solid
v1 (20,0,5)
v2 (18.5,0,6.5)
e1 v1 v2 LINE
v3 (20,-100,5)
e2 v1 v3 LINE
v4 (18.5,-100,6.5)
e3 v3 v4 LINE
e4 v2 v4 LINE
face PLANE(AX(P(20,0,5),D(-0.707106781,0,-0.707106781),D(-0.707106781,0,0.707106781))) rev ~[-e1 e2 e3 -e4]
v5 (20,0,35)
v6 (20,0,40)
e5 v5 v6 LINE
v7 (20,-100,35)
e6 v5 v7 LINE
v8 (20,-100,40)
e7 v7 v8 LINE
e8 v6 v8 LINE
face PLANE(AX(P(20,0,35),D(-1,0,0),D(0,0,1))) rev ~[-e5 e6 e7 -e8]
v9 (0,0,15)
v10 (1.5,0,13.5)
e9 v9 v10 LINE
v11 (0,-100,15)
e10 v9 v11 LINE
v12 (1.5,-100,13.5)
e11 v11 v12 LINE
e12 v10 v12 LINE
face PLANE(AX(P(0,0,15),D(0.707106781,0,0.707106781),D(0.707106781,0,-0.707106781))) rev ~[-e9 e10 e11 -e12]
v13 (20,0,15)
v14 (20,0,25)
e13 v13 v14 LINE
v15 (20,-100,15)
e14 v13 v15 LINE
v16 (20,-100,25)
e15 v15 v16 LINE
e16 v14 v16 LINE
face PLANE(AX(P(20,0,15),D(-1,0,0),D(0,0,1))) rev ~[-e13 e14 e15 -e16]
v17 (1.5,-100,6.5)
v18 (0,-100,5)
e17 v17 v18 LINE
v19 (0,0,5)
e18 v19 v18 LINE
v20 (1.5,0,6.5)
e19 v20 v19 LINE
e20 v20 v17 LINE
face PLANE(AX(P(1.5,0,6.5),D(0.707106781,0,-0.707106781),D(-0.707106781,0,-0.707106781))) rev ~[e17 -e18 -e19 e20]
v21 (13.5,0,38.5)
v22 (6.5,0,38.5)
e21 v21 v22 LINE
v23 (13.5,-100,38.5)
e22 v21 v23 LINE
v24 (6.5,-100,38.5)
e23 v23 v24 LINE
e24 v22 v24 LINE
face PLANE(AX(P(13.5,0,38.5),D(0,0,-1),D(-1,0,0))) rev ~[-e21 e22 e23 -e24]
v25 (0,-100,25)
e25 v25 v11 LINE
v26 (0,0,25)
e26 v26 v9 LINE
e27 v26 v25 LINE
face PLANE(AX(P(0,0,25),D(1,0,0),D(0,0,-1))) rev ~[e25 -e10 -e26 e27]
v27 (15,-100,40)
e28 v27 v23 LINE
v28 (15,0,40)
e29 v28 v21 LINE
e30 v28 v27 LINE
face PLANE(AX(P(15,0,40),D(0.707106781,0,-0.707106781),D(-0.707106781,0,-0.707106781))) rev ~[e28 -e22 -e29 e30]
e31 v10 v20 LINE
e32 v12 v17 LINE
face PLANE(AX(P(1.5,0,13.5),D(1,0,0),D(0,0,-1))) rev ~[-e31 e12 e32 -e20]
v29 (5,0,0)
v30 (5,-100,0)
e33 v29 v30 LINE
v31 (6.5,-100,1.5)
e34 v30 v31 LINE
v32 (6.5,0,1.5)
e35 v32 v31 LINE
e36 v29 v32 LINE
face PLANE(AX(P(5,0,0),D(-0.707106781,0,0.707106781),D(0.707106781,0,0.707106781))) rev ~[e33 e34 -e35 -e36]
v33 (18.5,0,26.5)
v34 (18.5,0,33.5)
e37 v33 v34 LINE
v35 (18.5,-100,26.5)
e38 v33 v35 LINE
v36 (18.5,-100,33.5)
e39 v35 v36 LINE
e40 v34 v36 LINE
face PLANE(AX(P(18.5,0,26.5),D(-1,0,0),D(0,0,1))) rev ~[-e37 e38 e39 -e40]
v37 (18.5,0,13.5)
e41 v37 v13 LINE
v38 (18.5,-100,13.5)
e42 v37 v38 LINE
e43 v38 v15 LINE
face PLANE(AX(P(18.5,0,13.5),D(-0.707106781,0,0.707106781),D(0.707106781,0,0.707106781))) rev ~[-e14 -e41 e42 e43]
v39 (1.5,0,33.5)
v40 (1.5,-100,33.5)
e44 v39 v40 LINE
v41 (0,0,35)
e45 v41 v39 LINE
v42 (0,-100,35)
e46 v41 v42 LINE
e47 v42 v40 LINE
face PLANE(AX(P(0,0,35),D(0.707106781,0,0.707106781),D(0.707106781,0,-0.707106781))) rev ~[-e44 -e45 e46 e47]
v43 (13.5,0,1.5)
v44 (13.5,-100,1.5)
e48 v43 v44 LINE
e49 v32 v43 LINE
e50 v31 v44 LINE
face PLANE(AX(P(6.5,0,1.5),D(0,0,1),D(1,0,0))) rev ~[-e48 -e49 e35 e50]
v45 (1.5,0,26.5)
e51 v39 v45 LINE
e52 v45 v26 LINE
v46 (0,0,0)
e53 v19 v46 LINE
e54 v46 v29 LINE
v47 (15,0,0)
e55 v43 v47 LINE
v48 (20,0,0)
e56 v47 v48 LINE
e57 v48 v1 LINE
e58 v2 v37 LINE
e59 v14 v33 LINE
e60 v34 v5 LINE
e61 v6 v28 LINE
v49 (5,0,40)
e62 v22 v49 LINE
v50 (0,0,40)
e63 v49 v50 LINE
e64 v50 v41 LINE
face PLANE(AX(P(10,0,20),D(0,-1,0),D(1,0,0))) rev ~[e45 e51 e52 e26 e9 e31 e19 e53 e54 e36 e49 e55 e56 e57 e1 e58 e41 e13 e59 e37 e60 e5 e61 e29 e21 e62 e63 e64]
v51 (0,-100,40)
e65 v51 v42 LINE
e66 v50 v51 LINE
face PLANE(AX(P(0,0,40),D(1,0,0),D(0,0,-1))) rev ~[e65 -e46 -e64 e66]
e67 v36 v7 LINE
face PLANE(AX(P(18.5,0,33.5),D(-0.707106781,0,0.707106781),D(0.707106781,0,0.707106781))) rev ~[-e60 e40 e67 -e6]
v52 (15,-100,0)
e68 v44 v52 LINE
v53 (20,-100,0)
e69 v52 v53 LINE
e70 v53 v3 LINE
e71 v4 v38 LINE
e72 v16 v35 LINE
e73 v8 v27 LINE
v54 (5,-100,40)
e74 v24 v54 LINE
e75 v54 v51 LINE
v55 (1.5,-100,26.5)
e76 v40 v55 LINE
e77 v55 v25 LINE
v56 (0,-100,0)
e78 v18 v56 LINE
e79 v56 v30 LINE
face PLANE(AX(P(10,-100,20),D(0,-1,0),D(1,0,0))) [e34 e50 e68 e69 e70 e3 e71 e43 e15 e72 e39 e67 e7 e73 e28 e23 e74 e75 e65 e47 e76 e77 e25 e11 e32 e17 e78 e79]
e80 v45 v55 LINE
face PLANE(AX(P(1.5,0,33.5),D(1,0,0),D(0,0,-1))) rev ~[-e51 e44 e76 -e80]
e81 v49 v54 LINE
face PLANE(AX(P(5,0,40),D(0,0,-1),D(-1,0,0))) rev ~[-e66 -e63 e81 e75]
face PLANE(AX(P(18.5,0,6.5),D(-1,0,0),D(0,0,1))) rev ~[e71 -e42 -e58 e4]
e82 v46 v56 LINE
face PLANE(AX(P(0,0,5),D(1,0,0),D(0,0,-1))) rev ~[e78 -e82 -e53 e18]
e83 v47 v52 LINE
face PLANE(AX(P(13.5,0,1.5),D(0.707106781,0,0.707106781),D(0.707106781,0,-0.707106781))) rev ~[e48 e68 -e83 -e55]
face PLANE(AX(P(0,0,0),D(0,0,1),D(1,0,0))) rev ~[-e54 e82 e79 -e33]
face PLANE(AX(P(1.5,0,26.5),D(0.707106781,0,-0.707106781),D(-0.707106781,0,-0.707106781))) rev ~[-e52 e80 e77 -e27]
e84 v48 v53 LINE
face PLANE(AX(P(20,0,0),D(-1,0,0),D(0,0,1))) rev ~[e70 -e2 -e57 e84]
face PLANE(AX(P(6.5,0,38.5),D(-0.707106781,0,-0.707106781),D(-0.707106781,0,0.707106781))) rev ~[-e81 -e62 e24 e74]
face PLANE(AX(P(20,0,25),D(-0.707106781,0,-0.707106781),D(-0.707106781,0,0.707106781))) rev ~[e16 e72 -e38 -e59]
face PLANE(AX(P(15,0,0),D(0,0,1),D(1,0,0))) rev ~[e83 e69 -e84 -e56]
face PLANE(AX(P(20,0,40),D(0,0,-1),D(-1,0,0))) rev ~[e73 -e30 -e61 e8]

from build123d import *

# Parameters (mm, degrees)
F1_DEPTH = 100


with BuildPart() as f1:
    # F0 (on Front) → F1 (new body)
    with BuildSketch(Plane.XZ):
        Polygon((0, 5), (0, 0), (5, 0), (6.5, 1.5), (13.5, 1.5), (15, 0), (20, 0), (20, 5), (18.5, 6.5), (18.5, 13.5), (20, 15), (20, 25), (18.5, 26.5), (18.5, 33.5), (20, 35), (20, 40), (15, 40), (13.5, 38.5), (6.5, 38.5), (5, 40), (0, 40), (0, 35), (1.5, 33.5), (1.5, 26.5), (0, 25), (0, 15), (1.5, 13.5), (1.5, 6.5), align=None)
    extrude(amount=F1_DEPTH)


solid = f1.part
